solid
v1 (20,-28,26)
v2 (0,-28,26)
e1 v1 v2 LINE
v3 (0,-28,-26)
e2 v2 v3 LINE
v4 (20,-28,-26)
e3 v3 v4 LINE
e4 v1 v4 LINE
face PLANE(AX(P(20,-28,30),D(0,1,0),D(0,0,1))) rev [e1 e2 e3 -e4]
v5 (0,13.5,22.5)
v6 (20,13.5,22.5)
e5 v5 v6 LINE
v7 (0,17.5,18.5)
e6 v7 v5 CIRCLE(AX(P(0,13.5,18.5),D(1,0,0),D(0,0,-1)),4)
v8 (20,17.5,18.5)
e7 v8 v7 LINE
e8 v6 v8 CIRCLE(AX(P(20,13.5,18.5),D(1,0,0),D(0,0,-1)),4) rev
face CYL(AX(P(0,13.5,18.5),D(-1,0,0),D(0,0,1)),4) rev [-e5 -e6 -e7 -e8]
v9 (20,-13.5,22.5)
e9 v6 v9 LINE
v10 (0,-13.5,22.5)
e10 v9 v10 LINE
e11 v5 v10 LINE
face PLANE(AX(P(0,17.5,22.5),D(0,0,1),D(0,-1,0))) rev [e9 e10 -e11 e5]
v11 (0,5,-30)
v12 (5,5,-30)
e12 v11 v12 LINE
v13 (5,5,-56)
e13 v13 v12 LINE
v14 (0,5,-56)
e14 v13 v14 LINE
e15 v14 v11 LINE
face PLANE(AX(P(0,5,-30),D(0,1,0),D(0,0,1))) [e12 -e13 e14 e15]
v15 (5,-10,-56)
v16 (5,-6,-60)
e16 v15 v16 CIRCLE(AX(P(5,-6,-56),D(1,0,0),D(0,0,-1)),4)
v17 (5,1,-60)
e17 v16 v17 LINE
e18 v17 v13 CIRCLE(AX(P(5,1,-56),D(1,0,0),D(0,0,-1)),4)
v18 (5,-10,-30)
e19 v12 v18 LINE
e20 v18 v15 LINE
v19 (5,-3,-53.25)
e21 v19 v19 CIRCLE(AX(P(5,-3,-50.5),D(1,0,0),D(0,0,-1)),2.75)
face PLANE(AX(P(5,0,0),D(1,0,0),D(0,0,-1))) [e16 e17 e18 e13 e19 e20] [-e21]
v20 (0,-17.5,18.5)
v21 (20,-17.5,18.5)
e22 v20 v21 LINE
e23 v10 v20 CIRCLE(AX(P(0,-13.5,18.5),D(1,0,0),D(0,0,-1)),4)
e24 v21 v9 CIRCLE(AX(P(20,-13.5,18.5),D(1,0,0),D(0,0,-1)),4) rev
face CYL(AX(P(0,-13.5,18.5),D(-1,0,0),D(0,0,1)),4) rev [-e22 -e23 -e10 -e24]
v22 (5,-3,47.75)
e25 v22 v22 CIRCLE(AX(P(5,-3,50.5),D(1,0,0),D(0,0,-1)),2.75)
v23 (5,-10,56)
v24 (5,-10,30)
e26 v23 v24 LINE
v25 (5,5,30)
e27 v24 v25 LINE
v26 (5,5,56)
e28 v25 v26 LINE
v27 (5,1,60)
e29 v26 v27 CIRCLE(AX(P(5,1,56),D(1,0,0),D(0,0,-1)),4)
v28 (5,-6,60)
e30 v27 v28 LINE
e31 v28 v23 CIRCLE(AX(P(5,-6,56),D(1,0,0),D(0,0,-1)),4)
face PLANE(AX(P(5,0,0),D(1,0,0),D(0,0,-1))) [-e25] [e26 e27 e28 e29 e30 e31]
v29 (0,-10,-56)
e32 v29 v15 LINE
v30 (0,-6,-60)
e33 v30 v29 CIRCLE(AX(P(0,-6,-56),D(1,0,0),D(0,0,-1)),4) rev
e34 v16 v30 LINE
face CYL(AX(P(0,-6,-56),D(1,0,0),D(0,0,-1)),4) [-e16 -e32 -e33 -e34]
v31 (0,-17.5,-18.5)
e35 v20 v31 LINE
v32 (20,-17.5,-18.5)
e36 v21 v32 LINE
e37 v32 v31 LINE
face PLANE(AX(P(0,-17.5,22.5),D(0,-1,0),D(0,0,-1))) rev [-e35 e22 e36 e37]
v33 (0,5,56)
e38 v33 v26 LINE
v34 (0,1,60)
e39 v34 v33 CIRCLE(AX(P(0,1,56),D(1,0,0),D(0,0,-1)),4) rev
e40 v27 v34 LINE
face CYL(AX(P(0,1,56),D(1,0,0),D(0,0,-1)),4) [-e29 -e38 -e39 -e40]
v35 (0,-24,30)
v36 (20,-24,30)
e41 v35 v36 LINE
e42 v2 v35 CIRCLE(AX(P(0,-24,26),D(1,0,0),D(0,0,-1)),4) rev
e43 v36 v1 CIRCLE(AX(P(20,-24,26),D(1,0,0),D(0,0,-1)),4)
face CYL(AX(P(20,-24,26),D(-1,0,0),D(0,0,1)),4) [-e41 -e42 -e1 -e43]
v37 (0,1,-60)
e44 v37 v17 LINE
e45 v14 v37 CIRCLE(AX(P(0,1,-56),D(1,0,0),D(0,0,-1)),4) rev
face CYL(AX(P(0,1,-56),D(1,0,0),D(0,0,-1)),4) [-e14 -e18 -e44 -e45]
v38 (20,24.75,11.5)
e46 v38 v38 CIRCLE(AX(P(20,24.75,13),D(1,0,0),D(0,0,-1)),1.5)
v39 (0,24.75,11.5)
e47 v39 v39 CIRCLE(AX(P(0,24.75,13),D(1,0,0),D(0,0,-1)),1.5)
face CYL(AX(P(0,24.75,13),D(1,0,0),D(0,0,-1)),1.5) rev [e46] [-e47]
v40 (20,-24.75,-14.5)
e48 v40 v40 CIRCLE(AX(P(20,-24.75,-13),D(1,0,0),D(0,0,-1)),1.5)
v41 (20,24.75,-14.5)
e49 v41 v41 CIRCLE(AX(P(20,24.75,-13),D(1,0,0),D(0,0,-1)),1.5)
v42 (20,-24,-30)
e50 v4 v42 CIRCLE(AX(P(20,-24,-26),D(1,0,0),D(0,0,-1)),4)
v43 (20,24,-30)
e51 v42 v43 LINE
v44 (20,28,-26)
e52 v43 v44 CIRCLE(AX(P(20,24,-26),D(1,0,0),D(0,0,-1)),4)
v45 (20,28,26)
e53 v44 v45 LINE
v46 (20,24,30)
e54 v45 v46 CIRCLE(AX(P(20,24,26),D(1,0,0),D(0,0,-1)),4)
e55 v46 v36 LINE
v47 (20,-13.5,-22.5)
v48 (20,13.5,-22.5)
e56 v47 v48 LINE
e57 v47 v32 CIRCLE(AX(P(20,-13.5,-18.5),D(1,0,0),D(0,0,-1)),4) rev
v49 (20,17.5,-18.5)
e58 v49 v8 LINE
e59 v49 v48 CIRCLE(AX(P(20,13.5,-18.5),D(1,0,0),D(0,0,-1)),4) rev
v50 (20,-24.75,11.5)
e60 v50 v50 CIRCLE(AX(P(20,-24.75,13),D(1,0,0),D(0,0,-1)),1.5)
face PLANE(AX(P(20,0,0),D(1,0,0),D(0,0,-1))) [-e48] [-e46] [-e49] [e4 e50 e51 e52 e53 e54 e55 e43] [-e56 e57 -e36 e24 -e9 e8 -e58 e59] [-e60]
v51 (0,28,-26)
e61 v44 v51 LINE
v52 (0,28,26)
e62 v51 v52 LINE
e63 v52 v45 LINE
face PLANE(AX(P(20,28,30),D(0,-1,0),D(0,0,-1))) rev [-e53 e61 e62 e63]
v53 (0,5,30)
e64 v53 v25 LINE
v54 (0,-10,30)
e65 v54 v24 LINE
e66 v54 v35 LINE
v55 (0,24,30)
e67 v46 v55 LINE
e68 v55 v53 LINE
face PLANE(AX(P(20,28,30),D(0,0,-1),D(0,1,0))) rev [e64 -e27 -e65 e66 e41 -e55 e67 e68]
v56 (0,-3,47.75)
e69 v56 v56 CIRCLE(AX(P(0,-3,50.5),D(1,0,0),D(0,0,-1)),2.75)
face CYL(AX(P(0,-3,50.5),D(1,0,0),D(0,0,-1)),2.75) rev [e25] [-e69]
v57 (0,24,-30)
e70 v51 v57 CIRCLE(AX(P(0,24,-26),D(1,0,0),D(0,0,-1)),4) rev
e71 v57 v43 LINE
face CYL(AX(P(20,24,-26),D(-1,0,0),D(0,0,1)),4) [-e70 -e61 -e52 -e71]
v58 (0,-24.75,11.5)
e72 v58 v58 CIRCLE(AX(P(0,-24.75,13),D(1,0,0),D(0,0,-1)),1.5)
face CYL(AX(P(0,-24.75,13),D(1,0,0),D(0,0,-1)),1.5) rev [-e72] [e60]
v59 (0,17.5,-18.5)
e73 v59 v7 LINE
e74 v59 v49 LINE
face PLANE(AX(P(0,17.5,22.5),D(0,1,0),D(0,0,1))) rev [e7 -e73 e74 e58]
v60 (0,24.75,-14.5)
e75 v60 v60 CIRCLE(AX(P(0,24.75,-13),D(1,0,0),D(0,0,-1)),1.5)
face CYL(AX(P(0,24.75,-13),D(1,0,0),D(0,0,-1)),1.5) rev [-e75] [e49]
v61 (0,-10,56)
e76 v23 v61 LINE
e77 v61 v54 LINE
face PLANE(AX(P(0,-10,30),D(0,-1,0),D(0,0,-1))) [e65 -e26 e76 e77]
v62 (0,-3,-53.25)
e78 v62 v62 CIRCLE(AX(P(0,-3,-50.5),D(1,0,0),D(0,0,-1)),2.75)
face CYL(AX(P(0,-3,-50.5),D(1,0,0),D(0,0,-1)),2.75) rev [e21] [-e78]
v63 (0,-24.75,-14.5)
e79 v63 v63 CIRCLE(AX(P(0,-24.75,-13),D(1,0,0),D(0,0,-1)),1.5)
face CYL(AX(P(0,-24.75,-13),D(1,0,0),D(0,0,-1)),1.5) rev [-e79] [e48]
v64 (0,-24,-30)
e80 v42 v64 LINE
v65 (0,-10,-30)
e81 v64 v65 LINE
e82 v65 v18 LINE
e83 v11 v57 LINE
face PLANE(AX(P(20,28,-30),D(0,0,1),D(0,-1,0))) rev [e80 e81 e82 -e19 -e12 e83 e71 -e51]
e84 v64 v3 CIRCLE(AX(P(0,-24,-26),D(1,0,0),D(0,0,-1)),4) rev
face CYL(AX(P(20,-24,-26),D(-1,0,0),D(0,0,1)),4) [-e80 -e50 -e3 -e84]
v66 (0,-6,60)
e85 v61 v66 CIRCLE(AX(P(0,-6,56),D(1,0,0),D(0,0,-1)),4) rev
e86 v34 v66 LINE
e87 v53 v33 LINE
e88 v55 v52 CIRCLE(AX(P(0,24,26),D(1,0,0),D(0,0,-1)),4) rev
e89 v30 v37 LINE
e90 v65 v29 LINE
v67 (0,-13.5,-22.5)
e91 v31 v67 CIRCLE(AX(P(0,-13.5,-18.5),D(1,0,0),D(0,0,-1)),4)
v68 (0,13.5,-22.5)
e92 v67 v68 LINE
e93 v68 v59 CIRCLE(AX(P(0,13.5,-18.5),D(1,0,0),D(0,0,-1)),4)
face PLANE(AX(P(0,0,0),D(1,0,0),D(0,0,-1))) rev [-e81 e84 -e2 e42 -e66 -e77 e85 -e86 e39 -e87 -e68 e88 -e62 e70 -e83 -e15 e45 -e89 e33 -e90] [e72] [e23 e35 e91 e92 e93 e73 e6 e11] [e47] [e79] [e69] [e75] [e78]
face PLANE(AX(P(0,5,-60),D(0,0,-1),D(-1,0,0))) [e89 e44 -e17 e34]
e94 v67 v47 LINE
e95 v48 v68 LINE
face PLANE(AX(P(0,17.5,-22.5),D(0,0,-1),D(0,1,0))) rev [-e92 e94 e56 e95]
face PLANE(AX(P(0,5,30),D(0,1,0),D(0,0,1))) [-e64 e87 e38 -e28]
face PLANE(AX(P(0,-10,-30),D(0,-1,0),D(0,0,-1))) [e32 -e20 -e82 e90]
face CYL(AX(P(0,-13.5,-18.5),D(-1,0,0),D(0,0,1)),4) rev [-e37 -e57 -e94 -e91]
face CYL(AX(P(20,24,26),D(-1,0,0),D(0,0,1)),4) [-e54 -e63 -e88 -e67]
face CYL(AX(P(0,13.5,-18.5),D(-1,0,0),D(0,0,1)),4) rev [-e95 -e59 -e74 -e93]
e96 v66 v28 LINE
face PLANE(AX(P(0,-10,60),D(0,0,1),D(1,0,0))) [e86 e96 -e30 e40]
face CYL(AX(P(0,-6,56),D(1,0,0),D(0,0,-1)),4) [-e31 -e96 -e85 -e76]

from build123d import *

# Parameters (mm, degrees)
SKETCH_1_W          = 60
SKETCH_1_H          = 56
EXTRUDE_1_DEPTH     = 20
EXTRUDE_START       = -15
SKETCH_6_W          = 30
SKETCH_6_H          = 15
EXTRUDE_3_DEPTH     = 5
SKETCH_7_R          = 1.5
CUT_EXTRUDE_2_DEPTH = 70.166465863
CUT_EXTRUDE_START   = -15
SKETCH_8_R          = 2.75
CUT_EXTRUDE_3_DEPTH = 5
FILLET_2_R          = 4
SKETCH_9_W          = 45
SKETCH_9_H          = 35
CUT_EXTRUDE_4_DEPTH = 70.166465863
FILLET_3_R          = 4


with BuildPart() as part:
    # 草图1 → 凸台-拉伸1 (new body)
    with BuildSketch(Plane(origin=(0, 0, 0), x_dir=(0, 0, -1), z_dir=(1, 0, 0))):
        Rectangle(SKETCH_1_W, SKETCH_1_H)
    extrude(amount=EXTRUDE_1_DEPTH)

    # 草图6 → 凸台-拉伸3 (add)
    with BuildSketch(Plane(origin=(20, 0, 0), x_dir=(0, 0, -1), z_dir=(1, 0, 0)).offset(EXTRUDE_START)):
        with Locations((45, -2.5)):
            Rectangle(SKETCH_6_W, SKETCH_6_H)
        with Locations((-45, -2.5)):
            Rectangle(SKETCH_6_W, SKETCH_6_H)
    extrude(amount=-EXTRUDE_3_DEPTH)

    # 草图7 → 切除-拉伸2 (cut, through all)
    with BuildSketch(Plane(origin=(20, 0, 0), x_dir=(0, 0, -1), z_dir=(1, 0, 0))):
        with Locations((-13, 24.75)):
            Circle(SKETCH_7_R)
        with Locations((13, 24.75)):
            Circle(SKETCH_7_R)
        with Locations((13, -24.75)):
            Circle(SKETCH_7_R)
        with Locations((-13, -24.75)):
            Circle(SKETCH_7_R)
    extrude(amount=-CUT_EXTRUDE_2_DEPTH, mode=Mode.SUBTRACT)

    # 草图8 → 切除-拉伸3 (cut)
    with BuildSketch(Plane(origin=(20, 0, 0), x_dir=(0, 0, -1), z_dir=(1, 0, 0)).offset(CUT_EXTRUDE_START)):
        with Locations((-50.5, -3)):
            Circle(SKETCH_8_R)
        with Locations((50.5, -3)):
            Circle(SKETCH_8_R)
    extrude(amount=-CUT_EXTRUDE_3_DEPTH, mode=Mode.SUBTRACT)

    # 圆角2
    fillet_2_edges = [part.edges().sort_by_distance(p)[0] for p in [
        (2.5, 5, -60),
        (2.5, -10, -60),
        (2.5, -10, 60),
        (2.5, 5, 60),
        (10, 28, 30),
        (10, 28, -30),
        (10, -28, -30),
        (10, -28, 30),
    ]]
    fillet(fillet_2_edges, radius=FILLET_2_R)

    # 草图9 → 切除-拉伸4 (cut, through all)
    with BuildSketch(Plane(origin=(20, 0, 0), x_dir=(0, 0, -1), z_dir=(1, 0, 0))):
        Rectangle(SKETCH_9_W, SKETCH_9_H)
    extrude(amount=-CUT_EXTRUDE_4_DEPTH, mode=Mode.SUBTRACT)

    # 圆角3
    fillet_3_edges = [part.edges().sort_by_distance(p)[0] for p in [
        (10, -17.5, 22.5),
        (10, 17.5, 22.5),
        (10, 17.5, -22.5),
        (10, -17.5, -22.5),
    ]]
    fillet(fillet_3_edges, radius=FILLET_3_R)


solid = part.part
